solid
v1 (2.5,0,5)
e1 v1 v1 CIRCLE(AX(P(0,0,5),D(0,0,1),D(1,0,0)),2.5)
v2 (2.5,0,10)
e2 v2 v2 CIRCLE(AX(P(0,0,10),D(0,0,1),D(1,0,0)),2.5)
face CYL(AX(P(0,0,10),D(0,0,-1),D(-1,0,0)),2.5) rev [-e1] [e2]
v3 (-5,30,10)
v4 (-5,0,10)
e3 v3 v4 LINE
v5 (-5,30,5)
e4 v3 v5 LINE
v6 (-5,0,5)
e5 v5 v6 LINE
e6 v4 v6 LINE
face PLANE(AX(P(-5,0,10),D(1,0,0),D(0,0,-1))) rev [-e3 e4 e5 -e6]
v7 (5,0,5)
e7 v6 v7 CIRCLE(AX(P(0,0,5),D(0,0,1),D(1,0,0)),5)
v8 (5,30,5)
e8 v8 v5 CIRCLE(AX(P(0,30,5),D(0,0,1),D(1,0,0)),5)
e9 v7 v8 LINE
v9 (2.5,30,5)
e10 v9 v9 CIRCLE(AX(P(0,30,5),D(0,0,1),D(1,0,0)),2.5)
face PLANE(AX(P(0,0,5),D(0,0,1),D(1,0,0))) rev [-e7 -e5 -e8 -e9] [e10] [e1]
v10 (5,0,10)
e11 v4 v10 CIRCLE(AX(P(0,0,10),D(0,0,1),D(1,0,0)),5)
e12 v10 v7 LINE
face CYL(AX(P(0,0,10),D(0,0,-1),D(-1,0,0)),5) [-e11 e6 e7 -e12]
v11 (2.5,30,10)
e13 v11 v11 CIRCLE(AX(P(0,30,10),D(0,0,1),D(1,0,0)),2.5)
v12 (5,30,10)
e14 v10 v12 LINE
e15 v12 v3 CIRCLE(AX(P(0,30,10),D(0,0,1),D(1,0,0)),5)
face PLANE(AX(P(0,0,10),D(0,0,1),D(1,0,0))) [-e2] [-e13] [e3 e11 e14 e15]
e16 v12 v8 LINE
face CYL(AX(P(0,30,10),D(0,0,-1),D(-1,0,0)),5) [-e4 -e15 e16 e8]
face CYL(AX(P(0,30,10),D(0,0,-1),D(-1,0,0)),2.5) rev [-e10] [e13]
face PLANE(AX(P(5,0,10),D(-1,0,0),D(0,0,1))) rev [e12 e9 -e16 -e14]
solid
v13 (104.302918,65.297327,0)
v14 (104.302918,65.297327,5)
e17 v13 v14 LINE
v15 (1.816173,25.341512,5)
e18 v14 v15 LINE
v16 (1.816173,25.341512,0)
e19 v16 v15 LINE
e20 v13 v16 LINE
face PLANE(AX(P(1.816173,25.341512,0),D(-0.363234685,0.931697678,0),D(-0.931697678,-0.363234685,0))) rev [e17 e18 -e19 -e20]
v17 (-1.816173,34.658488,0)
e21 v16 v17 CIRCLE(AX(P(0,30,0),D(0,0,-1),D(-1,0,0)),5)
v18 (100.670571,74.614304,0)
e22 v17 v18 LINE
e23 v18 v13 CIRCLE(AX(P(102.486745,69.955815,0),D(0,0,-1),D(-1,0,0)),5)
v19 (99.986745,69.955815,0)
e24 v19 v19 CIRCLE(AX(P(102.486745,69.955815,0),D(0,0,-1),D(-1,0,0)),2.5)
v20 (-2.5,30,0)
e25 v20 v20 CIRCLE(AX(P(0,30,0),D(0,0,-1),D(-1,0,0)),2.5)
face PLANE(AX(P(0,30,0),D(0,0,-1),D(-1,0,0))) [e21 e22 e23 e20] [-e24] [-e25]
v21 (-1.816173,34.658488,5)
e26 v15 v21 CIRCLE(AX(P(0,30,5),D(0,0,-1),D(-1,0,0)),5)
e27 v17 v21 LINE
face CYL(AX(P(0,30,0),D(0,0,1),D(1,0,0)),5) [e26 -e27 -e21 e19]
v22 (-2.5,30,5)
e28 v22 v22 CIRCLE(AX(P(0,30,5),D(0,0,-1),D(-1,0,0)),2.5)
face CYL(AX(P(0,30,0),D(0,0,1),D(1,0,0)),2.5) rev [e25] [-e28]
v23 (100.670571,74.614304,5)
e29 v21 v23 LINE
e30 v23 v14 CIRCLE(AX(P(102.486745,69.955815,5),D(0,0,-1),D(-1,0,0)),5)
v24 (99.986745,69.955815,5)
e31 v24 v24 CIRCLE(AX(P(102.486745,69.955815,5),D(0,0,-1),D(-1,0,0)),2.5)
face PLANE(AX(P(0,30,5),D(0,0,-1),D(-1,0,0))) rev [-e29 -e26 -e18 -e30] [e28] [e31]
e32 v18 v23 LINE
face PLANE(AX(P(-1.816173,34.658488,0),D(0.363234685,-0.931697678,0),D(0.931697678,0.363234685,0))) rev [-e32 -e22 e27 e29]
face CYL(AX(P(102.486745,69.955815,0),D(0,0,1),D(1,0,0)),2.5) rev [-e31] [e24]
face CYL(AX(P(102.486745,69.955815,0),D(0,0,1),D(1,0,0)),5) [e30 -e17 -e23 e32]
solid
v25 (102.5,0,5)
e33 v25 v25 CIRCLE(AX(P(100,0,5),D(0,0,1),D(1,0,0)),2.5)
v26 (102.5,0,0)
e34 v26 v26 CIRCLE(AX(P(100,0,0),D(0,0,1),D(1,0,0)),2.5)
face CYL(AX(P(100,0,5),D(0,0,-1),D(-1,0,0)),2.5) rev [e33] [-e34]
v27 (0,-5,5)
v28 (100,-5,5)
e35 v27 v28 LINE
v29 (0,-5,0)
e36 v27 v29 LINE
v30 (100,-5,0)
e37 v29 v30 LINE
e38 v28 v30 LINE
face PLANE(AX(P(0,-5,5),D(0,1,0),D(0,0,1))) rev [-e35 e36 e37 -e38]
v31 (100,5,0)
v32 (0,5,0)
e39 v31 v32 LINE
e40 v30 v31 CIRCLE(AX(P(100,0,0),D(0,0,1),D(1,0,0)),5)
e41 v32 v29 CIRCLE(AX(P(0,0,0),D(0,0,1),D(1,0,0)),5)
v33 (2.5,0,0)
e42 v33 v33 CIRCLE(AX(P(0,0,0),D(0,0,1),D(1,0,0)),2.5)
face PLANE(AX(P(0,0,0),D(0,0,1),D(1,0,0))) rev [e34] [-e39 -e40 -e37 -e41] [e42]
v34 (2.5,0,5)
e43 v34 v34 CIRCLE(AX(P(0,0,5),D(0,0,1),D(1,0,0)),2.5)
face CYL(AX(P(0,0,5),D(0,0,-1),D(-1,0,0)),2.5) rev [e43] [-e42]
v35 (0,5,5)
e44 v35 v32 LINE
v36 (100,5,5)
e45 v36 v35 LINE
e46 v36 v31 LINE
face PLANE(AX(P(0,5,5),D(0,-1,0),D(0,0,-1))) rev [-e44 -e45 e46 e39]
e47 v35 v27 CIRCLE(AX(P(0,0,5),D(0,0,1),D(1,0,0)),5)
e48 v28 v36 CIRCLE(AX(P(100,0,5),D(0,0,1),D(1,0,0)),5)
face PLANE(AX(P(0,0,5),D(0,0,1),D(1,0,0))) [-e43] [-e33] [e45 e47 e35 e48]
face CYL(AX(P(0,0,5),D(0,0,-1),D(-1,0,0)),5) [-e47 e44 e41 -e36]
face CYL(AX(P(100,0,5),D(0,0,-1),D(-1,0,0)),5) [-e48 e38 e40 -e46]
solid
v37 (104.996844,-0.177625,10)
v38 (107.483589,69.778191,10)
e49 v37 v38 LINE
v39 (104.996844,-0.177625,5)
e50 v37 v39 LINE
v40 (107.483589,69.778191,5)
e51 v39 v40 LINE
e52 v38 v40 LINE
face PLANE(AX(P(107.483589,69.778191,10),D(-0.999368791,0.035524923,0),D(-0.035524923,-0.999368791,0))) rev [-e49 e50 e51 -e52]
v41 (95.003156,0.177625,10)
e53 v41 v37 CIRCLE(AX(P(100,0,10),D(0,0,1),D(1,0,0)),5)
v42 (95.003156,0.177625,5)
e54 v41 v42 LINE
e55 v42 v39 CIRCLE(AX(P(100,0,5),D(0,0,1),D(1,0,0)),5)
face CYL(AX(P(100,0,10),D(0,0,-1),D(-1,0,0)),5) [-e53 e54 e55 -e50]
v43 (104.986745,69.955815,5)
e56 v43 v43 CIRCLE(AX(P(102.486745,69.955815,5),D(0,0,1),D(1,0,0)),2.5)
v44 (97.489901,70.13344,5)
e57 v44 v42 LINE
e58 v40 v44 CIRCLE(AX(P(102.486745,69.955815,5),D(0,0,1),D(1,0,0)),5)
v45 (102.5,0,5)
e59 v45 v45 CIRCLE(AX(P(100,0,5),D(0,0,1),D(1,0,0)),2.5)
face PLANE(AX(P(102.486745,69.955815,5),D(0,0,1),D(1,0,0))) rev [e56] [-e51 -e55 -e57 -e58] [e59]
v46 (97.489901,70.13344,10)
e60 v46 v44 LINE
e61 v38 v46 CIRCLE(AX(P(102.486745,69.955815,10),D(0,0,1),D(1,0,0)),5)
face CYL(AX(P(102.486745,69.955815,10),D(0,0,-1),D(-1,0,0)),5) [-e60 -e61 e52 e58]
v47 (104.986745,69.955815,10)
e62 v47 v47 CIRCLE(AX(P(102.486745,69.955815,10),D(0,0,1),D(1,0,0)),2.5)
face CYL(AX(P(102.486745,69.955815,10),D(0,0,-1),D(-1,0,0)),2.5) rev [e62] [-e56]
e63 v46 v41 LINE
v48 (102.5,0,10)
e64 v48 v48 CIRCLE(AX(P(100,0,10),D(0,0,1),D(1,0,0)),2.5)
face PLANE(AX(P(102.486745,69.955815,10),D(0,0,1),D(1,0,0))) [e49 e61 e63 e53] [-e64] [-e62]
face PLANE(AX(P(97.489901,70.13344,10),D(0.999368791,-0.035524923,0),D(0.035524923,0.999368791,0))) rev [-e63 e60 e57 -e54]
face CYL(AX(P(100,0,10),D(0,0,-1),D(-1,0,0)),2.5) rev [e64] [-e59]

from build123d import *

# Parameters (mm, degrees)
SKETCH_2_R      = 2.5
EXTRUDE_1_DEPTH = 5
SKETCH_3_R      = 2.5
EXTRUDE_2_DEPTH = 5
SKETCH_4_R      = 2.5
EXTRUDE_3_DEPTH = 5
SKETCH_5_R      = 2.5
EXTRUDE_4_DEPTH = 5


with BuildPart() as part:
    # 草图2 → 凸台-拉伸1 (new body)
    with BuildSketch(Plane.XY):
        with BuildLine():
            Line((0, 5), (100, 5))
            ThreePointArc((100, 5), (105, 0), (100, -5))
            Line((100, -5), (0, -5))
            ThreePointArc((0, -5), (-5, 0), (0, 5))
        make_face()
        Circle(SKETCH_2_R, mode=Mode.SUBTRACT)
        with Locations((100, 0)):
            Circle(SKETCH_2_R, mode=Mode.SUBTRACT)
    extrude(amount=EXTRUDE_1_DEPTH)


with BuildPart() as body_2:
    # 草图3 → 凸台-拉伸2 (new body)
    with BuildSketch(Plane.XY.offset(5)):
        with BuildLine():
            Line((-5, 0), (-5, 30))
            ThreePointArc((-5, 30), (0, 35), (5, 30))
            Line((5, 30), (5, 0))
            ThreePointArc((5, 0), (0, -5), (-5, 0))
        make_face()
        Circle(SKETCH_3_R, mode=Mode.SUBTRACT)
        with Locations((0, 30)):
            Circle(SKETCH_3_R, mode=Mode.SUBTRACT)
    extrude(amount=EXTRUDE_2_DEPTH)


with BuildPart() as body_3:
    # 草图4 → 凸台-拉伸3 (new body)
    with BuildSketch(Plane(origin=(0, 0, 5), x_dir=(-1, 0, 0), z_dir=(0, 0, -1))):
        with BuildLine():
            Line((-1.816173425, 25.341511609), (-104.30291803, 65.297326959))
            ThreePointArc((-104.30291803, 65.297326959), (-107.145232996, 71.771988775), (-100.67057118, 74.614303741))
            Line((-100.67057118, 74.614303741), (1.816173425, 34.658488391))
            ThreePointArc((1.816173425, 34.658488391), (4.658488391, 28.183826575), (-1.816173425, 25.341511609))
        make_face()
        with Locations((0, 30)):
            Circle(SKETCH_4_R, mode=Mode.SUBTRACT)
        with Locations((-102.486744605, 69.95581535)):
            Circle(SKETCH_4_R, mode=Mode.SUBTRACT)
    extrude(amount=EXTRUDE_3_DEPTH)


with BuildPart() as body_4:
    # 草图5 → 凸台-拉伸4 (new body)
    with BuildSketch(Plane.XY.offset(5)):
        with BuildLine():
            Line((107.483588559, 69.778190735), (104.996843954, -0.177624615))
            ThreePointArc((104.996843954, -0.177624615), (99.822375385, -4.996843954), (95.003156046, 0.177624615))
            Line((95.003156046, 0.177624615), (97.489900651, 70.133439965))
            ThreePointArc((97.489900651, 70.133439965), (102.66436922, 74.952659303), (107.483588559, 69.778190735))
        make_face()
        with Locations((100, 0)):
            Circle(SKETCH_5_R, mode=Mode.SUBTRACT)
        with Locations(Location((102.486744605, 69.95581535, 0), (0, 0, 180))):
            Circle(SKETCH_5_R, mode=Mode.SUBTRACT)
    extrude(amount=EXTRUDE_4_DEPTH)


solid = Compound([part.part, body_2.part, body_3.part, body_4.part])
